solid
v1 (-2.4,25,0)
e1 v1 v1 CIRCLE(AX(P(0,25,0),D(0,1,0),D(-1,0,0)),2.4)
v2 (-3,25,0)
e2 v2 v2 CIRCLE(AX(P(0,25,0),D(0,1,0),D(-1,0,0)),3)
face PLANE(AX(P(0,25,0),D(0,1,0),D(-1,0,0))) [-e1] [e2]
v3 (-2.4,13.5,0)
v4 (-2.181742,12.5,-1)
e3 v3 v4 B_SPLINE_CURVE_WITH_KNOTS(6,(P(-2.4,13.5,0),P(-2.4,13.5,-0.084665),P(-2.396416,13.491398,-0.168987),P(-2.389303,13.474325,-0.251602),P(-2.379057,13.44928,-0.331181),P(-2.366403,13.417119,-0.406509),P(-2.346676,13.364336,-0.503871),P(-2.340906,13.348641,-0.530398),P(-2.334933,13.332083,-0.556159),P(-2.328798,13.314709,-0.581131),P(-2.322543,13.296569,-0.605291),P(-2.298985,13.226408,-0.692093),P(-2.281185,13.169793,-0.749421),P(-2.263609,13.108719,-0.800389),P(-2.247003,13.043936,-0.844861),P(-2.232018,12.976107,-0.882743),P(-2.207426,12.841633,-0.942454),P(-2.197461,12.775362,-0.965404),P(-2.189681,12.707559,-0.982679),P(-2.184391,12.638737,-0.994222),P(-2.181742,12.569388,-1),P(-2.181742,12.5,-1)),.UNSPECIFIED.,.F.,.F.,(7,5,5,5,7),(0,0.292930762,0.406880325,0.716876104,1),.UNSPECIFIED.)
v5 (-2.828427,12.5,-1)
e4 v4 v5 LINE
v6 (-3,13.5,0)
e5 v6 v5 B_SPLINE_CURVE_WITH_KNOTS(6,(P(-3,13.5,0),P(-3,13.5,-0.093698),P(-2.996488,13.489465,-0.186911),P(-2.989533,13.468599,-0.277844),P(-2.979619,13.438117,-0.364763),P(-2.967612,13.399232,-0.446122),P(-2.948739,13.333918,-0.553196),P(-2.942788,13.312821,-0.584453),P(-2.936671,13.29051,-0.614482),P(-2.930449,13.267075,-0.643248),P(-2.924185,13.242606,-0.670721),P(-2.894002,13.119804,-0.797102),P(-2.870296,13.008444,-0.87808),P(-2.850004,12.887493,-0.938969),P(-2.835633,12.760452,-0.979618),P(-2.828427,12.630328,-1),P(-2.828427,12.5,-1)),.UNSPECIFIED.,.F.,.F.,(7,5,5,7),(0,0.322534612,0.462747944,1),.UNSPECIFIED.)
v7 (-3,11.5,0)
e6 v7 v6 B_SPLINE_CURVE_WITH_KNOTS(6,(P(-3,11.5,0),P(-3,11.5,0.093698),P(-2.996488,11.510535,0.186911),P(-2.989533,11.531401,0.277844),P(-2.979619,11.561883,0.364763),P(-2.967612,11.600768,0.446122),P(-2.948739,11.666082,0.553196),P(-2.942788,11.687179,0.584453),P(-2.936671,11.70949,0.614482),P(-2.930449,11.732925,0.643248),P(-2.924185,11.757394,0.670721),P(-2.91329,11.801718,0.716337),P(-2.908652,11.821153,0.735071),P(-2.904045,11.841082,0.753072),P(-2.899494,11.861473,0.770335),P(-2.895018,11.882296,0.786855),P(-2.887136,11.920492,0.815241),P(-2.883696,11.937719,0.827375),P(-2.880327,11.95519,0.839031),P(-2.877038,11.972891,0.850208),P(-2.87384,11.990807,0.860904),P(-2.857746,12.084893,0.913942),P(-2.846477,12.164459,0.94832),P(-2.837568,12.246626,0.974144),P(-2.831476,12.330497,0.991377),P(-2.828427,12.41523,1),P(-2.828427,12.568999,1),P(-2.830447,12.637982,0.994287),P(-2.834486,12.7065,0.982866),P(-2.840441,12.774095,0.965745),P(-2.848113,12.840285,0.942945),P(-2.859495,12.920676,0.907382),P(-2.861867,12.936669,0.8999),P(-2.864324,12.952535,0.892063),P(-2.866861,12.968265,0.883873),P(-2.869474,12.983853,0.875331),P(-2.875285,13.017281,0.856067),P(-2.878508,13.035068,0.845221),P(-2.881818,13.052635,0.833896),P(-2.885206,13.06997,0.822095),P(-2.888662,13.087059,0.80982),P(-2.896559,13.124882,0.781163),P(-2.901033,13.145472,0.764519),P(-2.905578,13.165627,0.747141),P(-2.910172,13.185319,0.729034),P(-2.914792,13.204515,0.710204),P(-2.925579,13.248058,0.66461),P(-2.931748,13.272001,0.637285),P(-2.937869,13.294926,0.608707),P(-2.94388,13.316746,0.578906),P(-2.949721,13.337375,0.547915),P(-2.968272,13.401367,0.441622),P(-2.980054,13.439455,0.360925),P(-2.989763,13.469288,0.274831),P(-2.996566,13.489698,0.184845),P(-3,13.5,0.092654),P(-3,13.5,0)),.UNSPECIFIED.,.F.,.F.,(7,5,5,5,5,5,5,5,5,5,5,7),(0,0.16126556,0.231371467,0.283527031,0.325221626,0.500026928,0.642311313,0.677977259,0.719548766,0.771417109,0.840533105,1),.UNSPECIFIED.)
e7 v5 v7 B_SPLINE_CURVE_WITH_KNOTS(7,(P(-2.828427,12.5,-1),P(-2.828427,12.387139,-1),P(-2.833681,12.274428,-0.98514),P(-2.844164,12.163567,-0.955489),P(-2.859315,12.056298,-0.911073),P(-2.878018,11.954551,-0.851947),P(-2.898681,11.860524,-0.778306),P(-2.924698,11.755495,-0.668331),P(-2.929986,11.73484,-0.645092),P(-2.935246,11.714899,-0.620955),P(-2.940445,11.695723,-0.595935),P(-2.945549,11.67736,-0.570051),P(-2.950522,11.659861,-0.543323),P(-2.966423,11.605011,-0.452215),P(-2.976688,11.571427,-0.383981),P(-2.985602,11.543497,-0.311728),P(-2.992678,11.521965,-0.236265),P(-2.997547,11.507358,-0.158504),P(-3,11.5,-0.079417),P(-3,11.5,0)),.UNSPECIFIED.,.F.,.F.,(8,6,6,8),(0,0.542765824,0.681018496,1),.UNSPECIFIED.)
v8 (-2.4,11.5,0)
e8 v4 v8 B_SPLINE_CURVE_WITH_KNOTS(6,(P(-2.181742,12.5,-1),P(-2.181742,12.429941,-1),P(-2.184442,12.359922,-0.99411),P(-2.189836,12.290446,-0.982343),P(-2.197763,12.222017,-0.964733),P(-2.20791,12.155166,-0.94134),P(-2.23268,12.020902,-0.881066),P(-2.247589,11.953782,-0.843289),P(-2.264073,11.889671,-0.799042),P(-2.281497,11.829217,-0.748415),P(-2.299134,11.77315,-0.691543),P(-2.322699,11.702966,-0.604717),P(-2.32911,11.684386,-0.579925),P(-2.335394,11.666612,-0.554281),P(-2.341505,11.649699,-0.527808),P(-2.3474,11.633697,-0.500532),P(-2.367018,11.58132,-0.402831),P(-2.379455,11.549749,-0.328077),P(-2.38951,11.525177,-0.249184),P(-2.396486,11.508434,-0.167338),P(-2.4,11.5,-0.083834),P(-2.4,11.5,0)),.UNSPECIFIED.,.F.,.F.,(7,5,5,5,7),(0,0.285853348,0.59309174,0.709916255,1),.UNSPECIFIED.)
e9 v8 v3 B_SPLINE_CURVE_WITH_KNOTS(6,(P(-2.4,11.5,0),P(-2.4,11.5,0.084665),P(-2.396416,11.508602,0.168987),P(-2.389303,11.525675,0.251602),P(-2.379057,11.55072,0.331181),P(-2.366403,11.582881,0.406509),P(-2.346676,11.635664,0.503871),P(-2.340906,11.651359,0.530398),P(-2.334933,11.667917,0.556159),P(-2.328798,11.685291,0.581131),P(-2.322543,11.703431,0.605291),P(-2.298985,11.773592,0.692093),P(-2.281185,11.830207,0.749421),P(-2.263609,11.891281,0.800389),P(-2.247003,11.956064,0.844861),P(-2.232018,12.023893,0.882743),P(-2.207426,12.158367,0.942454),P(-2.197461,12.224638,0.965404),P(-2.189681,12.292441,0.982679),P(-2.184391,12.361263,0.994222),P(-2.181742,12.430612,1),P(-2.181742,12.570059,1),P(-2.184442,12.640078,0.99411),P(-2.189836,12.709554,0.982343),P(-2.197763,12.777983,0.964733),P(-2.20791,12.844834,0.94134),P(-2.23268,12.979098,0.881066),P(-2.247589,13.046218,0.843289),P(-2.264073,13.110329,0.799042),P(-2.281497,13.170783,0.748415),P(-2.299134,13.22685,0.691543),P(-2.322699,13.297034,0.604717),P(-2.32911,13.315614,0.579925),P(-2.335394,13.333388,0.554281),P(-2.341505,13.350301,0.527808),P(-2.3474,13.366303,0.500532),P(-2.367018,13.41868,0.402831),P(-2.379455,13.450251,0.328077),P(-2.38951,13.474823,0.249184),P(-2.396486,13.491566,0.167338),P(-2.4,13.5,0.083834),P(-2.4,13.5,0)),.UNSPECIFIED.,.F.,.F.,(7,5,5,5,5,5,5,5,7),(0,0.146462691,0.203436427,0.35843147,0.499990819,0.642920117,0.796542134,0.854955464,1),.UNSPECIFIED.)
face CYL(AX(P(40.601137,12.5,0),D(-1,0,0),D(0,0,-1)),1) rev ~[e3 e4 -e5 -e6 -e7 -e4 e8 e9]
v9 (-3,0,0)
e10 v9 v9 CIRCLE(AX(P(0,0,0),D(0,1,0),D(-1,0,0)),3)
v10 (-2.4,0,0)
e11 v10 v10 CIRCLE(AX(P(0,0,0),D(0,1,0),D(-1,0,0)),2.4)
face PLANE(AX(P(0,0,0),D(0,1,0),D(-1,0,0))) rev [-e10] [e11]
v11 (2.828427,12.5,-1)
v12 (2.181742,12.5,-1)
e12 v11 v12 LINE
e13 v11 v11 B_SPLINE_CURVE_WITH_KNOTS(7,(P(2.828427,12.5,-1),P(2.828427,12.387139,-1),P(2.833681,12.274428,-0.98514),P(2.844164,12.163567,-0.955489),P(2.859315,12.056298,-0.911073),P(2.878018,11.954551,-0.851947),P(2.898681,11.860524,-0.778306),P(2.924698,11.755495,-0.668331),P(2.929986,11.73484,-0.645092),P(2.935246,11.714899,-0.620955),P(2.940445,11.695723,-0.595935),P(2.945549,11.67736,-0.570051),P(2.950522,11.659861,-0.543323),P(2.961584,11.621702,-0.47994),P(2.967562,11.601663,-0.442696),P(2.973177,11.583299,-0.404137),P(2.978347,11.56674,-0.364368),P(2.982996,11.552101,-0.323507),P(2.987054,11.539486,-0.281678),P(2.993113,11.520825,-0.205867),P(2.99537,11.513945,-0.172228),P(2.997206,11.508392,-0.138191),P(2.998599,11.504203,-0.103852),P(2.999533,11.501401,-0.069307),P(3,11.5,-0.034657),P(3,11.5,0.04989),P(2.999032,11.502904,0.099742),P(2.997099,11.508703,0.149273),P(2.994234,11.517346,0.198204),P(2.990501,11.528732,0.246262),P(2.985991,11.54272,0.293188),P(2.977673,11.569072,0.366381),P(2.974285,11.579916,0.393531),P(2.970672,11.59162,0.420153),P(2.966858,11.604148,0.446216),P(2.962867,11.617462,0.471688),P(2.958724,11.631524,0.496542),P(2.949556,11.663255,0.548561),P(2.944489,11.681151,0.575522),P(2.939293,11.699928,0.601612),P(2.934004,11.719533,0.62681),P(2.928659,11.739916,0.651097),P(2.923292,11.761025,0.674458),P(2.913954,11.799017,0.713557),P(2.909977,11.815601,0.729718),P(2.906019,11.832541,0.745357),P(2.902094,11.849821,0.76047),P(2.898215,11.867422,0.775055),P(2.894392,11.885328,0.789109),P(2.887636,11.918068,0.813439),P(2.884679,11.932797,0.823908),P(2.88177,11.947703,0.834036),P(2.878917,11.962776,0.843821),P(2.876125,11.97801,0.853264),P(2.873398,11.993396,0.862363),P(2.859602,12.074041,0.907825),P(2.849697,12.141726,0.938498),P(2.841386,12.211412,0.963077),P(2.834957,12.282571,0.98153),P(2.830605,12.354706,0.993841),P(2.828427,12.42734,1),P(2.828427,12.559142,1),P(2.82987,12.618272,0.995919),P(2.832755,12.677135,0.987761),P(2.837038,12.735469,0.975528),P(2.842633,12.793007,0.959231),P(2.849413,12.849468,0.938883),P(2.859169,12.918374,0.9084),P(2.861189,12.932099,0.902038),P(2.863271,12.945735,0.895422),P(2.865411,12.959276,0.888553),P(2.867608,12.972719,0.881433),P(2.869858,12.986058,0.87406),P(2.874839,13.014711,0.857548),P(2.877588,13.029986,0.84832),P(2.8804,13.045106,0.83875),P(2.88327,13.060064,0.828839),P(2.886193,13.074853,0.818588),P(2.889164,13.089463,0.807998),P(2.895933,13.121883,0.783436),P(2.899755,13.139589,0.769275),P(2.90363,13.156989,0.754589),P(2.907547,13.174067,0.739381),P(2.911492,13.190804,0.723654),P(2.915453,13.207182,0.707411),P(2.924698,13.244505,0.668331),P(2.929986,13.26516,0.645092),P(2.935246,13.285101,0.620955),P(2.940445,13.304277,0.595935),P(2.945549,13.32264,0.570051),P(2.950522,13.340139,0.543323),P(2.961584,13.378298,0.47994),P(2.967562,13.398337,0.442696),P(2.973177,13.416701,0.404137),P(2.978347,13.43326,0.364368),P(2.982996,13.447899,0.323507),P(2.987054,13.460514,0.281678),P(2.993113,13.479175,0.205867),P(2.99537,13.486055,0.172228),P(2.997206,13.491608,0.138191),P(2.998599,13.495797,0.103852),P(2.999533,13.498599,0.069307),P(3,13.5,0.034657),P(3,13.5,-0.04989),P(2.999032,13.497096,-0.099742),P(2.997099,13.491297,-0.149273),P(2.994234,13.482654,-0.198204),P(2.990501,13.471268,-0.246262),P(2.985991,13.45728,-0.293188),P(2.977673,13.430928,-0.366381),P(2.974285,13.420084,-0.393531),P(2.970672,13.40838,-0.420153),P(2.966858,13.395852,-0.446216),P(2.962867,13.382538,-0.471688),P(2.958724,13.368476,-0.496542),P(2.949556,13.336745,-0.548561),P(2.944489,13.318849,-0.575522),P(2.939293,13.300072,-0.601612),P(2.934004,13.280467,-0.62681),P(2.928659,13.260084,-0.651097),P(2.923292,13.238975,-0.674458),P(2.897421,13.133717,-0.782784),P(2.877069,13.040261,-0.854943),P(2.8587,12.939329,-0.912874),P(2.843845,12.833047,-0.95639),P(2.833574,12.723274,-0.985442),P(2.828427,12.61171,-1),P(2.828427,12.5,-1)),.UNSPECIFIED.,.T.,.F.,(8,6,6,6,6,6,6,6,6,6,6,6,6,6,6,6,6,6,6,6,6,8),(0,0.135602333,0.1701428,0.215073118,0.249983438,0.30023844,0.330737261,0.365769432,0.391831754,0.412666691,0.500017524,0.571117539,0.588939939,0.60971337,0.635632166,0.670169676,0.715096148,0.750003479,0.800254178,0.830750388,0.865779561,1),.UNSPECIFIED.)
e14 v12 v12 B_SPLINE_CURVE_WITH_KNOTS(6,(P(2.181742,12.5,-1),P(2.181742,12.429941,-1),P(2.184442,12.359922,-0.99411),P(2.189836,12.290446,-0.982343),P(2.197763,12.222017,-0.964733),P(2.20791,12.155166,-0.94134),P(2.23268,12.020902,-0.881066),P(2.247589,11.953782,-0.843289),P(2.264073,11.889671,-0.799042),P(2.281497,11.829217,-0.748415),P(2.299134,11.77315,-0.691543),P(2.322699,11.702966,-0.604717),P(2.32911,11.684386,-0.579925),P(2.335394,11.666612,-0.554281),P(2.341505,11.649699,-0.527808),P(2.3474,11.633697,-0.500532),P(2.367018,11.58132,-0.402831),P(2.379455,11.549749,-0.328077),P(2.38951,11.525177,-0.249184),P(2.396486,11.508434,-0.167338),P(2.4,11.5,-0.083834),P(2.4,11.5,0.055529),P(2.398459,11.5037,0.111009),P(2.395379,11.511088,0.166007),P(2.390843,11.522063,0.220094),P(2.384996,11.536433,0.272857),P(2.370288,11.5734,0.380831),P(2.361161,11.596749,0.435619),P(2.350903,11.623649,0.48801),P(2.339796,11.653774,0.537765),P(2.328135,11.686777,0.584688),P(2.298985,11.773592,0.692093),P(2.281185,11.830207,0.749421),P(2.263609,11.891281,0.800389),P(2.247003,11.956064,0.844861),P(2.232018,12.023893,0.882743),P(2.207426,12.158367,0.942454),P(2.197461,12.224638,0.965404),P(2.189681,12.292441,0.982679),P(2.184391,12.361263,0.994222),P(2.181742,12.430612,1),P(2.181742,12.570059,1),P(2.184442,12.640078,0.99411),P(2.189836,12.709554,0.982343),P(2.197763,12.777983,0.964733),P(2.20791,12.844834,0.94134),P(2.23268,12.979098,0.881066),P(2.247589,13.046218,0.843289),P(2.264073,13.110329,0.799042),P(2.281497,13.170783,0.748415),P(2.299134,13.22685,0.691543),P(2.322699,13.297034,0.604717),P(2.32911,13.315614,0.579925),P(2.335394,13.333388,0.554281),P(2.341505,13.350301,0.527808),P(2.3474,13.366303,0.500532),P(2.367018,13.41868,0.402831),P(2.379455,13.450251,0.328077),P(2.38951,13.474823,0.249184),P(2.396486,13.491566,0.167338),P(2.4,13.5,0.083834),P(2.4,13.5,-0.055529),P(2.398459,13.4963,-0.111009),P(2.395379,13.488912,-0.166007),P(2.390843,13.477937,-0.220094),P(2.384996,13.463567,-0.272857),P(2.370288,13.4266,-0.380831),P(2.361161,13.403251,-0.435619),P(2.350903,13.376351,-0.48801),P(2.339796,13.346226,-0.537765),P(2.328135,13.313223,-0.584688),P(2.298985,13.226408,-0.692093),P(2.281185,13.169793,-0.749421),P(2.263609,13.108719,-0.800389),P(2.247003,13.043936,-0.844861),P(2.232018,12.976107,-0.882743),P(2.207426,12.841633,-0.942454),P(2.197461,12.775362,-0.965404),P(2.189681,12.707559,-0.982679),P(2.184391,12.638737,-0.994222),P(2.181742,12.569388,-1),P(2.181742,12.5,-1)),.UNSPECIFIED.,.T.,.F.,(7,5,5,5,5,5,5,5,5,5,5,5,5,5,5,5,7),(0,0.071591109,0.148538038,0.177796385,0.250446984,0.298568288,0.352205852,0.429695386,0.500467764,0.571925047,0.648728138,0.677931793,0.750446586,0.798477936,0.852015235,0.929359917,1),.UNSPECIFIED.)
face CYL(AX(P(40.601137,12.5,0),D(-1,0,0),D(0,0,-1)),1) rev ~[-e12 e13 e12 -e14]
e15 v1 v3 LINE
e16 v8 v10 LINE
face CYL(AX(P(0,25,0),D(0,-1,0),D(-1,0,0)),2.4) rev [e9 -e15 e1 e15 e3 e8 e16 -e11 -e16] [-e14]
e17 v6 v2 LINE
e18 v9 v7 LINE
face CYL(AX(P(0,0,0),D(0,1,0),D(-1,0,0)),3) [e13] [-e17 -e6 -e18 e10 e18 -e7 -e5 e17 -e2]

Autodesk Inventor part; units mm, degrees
ref_plane "XZ Plane" through (0, 0, 0) normal (0, 1, 0) x (-1, 0, 0)
sketch "Sketch1" plane through (0, 0, 0) normal (0, 0, 1) x (1, 0, 0)
  line L0 (-2.4, 0) -> (-3, 0)
  line L1 (-3, 0) -> (-3, 25)
  line L2 (-3, 25) -> (-2.4, 25)
  line L3 (-2.4, 25) -> (-2.4, 0)
  line L4 (0, -5) -> (0, 30) projected
  point P0 (0, 0)
  dimension "d0" = 3
  dimension "d1" = 0.6
  dimension "d2" = 25
revolve "Revolution1" add sketch "Sketch1" angle 360 about axis through (0, -10, 0) along (0, 1, 0)
ref_plane "Work Plane1" through (0, 12.5, 0) normal (0, 1, 0) x (1, 0, 0)
ref_plane "Work Plane2" through (0, 0, 0) normal (1, 0, 0) x (0, 1, 0)
sketch "Sketch2" plane through (0, 0, 0) normal (1, 0, 0) x (0, 1, 0)
  line L0 (12.5, 4.2) -> (12.5, -4.2) projected
  line L1 (-10, 0) -> (60, 0) projected
  point P0 (0, 0)
  point P1 (12.5, 0)
hole "Hole1" at (0, 12.5, 0) direction (-1, 0, 0) diameter 2 end through all both
properties part number "InsertTube6OD0.6W25L" material "Stainless Steel AISI 304"
